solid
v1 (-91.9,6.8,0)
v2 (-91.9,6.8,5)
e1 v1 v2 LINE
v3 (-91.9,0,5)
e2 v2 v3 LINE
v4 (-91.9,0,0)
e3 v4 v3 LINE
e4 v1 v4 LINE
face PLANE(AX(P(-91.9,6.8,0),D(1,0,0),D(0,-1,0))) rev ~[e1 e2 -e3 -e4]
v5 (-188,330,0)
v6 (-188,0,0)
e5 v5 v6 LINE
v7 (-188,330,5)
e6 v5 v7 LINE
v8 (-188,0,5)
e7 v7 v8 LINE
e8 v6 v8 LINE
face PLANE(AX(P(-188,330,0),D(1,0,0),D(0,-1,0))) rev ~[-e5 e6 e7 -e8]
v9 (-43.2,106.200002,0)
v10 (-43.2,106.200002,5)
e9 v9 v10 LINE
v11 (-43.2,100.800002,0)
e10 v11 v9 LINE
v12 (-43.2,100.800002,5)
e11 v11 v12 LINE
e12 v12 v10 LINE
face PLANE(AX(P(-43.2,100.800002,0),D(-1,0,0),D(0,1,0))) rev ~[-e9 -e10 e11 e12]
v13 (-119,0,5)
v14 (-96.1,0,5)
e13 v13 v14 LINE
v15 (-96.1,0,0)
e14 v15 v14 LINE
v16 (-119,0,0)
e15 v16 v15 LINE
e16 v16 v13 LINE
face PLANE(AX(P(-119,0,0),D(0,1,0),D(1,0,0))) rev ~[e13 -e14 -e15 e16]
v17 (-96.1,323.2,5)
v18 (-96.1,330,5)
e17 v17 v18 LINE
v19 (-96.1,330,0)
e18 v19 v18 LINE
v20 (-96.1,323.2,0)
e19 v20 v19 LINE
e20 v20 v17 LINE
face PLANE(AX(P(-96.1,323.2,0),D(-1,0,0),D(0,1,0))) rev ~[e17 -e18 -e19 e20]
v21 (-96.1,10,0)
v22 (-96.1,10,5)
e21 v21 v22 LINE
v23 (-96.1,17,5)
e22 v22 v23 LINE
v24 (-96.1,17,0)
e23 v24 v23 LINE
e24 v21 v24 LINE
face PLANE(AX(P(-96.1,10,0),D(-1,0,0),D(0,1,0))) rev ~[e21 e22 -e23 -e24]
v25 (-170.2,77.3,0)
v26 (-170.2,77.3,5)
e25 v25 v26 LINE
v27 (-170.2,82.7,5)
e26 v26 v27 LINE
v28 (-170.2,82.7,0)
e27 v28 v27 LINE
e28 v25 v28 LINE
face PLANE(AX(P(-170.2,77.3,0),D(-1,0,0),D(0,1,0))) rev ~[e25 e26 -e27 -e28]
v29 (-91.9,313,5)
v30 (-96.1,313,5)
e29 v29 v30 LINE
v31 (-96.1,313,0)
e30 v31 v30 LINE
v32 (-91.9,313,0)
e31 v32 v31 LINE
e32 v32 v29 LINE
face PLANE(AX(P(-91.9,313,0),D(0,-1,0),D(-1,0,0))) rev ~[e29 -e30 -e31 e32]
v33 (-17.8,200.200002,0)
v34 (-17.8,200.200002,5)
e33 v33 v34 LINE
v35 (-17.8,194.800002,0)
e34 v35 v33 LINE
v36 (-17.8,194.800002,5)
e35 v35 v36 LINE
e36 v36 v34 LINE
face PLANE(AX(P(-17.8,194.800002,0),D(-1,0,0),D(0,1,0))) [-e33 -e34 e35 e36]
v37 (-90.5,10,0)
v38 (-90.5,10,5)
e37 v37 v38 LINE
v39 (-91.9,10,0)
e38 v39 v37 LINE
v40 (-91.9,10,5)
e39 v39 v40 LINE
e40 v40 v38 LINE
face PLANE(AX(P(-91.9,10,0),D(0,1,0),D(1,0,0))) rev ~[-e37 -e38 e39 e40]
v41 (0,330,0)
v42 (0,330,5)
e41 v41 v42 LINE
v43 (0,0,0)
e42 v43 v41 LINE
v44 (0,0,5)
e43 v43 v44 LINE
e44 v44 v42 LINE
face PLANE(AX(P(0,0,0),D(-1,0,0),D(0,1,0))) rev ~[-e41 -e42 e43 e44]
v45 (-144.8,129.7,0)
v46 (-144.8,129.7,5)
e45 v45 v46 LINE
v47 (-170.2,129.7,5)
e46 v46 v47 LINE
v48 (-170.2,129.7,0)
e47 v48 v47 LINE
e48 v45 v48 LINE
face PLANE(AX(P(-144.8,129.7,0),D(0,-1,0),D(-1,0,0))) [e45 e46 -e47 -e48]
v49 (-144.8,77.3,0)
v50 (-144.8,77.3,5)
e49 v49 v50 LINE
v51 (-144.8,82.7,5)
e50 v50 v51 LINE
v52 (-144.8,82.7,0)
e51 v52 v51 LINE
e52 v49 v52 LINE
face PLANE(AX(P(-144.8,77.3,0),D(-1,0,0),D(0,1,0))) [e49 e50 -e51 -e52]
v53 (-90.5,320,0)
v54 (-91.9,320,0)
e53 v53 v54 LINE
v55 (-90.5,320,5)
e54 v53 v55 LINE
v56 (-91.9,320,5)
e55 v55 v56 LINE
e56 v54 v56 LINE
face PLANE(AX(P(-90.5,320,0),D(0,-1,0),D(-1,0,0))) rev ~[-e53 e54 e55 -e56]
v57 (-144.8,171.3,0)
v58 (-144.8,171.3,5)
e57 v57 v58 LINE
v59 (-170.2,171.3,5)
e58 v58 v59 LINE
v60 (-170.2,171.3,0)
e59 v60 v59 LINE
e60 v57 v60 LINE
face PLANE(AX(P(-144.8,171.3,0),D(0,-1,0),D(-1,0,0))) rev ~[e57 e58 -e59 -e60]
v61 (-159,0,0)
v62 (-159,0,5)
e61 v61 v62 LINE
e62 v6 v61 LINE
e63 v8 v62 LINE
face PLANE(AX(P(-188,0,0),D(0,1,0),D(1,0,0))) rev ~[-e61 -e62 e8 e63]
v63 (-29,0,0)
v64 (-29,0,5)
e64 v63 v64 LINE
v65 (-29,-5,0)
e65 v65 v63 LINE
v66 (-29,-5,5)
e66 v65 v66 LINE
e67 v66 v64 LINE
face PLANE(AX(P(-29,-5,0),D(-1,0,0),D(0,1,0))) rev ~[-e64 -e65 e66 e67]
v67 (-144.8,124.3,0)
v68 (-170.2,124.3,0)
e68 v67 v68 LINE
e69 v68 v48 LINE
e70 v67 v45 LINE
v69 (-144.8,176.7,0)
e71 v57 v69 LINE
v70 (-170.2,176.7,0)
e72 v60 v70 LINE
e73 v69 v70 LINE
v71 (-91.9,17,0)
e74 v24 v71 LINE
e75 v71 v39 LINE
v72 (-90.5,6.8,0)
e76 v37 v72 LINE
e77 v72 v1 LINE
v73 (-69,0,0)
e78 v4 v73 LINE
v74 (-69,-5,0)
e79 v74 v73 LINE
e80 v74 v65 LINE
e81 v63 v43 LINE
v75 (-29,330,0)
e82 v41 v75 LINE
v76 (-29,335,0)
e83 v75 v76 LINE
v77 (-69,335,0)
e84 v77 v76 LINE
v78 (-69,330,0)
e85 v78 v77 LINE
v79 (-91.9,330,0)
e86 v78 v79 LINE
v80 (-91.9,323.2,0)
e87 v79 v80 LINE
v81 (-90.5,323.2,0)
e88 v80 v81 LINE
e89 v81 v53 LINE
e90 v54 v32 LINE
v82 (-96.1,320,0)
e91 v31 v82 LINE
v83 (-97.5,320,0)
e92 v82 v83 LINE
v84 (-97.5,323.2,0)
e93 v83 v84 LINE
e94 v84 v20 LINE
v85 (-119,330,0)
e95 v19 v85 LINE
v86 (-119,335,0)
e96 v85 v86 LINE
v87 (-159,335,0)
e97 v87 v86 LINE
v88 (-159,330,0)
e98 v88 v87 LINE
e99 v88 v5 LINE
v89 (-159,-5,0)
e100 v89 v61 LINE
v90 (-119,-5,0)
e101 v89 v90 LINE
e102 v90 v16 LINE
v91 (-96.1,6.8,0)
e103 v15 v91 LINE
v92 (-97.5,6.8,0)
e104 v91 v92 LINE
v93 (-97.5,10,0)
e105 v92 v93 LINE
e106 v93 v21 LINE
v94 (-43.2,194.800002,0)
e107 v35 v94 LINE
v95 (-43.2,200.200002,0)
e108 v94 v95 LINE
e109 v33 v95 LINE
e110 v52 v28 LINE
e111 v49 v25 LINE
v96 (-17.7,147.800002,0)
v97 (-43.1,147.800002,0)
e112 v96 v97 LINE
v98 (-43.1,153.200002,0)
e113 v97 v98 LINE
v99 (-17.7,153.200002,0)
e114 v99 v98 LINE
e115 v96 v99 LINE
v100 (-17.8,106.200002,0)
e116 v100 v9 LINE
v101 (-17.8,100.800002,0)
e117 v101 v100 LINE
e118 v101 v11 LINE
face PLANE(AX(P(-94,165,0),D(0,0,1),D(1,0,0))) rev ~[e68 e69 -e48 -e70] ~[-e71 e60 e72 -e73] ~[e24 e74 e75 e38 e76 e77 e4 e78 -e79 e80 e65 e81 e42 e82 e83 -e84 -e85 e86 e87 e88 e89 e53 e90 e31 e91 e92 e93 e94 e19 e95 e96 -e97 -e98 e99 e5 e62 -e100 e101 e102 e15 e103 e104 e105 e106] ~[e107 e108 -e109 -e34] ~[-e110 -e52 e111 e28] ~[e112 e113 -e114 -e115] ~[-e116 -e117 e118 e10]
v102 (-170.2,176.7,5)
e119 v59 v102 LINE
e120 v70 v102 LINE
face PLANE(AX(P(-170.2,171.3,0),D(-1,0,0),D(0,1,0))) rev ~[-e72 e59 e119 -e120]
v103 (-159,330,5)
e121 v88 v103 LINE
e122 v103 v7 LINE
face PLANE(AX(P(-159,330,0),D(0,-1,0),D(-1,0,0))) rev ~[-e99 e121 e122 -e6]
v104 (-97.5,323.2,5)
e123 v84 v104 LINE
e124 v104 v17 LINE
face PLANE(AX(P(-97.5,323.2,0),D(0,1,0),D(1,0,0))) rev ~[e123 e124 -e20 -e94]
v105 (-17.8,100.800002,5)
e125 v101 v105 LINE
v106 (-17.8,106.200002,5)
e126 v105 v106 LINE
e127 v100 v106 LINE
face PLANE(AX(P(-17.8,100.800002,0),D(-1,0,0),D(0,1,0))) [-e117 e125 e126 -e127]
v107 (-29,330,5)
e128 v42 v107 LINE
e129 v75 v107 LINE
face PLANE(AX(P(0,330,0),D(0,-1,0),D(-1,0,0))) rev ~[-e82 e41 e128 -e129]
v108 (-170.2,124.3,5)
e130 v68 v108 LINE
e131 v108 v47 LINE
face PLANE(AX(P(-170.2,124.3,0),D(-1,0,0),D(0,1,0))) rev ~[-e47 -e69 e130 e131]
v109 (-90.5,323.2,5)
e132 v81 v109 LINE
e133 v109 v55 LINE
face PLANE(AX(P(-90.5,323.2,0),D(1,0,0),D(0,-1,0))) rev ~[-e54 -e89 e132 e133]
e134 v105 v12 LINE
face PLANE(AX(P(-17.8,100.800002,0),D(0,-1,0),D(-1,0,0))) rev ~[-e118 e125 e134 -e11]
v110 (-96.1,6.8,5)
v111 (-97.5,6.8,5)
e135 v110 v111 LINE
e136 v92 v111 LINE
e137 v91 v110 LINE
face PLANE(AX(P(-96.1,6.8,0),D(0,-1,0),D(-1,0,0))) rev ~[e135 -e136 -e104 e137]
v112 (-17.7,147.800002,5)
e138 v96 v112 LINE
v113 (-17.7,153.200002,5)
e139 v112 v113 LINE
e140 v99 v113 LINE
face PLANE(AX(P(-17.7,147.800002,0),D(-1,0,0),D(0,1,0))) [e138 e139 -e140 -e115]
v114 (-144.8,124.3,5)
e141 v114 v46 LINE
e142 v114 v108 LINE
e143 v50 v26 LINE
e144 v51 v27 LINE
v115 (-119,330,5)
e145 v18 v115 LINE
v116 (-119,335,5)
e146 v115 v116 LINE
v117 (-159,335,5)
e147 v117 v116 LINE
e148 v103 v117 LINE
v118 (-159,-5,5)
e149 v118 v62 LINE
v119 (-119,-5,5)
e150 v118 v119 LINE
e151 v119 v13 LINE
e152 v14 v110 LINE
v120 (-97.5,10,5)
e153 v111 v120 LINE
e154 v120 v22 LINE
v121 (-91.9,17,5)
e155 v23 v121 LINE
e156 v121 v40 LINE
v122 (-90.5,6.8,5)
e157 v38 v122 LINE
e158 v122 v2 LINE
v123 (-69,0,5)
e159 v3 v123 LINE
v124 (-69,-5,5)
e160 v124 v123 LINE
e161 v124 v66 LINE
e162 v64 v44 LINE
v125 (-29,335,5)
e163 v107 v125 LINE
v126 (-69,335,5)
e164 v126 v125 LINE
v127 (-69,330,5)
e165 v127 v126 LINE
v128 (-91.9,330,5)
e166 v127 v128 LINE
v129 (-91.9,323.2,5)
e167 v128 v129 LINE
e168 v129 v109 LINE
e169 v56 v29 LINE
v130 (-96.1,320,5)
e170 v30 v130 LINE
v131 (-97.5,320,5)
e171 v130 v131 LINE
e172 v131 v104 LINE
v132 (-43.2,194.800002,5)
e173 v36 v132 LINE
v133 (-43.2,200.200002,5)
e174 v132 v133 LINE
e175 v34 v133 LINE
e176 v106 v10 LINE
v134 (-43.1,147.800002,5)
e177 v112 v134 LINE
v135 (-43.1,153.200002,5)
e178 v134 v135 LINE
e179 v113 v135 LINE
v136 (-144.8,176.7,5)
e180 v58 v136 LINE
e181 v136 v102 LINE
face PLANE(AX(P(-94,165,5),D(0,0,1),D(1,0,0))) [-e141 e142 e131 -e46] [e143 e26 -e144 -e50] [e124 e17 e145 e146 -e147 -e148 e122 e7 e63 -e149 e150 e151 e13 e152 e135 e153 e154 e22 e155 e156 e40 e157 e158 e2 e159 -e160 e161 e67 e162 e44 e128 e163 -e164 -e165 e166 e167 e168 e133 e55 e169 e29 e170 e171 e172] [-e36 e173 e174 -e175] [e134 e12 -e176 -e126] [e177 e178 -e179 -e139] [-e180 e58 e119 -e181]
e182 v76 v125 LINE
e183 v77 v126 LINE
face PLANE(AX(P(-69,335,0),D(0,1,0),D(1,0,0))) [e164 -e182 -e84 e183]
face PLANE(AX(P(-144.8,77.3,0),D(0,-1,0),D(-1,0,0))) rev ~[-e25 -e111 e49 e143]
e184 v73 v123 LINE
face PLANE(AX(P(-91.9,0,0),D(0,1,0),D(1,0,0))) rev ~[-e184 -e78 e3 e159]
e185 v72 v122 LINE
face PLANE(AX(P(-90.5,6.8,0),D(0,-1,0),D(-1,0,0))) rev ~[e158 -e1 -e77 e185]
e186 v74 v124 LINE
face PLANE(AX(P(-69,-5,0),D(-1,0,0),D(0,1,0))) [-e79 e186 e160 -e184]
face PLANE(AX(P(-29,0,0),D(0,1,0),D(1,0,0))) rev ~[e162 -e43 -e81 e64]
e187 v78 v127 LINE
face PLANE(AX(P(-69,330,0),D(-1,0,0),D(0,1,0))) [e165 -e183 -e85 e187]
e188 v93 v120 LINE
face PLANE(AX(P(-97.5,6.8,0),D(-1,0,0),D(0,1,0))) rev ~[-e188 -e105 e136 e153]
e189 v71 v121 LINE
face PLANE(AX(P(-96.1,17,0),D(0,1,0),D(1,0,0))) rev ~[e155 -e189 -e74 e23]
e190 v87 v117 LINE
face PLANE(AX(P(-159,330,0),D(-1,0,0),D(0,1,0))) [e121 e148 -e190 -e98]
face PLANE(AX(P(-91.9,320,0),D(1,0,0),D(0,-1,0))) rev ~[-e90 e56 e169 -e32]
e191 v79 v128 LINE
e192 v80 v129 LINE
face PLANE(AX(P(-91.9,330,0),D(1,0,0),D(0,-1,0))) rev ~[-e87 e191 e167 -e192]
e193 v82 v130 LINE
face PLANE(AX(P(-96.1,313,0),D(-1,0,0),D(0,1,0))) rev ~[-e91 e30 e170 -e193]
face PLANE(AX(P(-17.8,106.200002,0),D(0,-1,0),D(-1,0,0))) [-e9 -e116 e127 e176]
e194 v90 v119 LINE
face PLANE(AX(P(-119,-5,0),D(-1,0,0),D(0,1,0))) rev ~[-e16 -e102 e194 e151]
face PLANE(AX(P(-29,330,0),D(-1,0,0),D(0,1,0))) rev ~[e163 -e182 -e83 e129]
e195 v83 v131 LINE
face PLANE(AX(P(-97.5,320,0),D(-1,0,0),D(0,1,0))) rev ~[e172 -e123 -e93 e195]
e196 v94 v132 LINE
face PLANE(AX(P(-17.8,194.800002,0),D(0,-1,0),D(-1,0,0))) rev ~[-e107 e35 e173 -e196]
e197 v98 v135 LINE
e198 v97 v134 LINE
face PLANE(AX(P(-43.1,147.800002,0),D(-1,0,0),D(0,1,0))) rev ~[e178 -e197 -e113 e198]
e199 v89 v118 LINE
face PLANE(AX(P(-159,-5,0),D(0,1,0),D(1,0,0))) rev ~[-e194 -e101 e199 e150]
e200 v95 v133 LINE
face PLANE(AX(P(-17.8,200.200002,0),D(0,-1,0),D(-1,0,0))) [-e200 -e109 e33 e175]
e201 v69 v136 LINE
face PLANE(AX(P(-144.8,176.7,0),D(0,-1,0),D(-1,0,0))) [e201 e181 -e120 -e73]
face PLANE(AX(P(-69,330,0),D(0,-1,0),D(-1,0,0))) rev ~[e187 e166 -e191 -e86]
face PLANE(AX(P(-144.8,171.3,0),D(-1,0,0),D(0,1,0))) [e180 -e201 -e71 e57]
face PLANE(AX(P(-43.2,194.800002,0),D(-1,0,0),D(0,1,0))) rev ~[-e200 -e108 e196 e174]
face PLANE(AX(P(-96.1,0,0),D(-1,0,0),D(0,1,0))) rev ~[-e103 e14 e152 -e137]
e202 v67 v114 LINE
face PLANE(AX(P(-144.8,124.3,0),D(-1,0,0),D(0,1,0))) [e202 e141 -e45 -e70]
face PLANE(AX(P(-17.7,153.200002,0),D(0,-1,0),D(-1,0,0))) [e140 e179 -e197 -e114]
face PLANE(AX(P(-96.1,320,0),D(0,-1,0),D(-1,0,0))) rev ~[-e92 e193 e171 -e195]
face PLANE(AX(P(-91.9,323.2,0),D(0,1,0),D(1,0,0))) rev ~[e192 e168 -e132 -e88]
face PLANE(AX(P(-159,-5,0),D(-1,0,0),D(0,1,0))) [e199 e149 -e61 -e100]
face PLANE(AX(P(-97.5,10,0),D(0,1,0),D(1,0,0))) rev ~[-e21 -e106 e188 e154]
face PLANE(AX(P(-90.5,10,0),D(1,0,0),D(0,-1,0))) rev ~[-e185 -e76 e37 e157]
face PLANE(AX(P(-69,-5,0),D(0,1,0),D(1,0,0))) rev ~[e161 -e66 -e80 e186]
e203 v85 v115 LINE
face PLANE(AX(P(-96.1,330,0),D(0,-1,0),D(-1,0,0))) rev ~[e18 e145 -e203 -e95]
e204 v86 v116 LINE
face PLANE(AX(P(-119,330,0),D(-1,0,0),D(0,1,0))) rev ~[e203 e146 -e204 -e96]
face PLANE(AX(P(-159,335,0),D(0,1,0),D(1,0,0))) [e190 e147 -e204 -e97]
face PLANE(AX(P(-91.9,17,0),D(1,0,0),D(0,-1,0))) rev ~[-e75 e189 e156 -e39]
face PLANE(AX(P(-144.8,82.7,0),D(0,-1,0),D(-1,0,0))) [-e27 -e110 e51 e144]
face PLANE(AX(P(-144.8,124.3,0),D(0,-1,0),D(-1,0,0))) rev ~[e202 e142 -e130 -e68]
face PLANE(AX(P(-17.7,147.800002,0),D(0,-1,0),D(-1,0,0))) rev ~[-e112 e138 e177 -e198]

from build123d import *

# Parameters (mm, degrees)
SKETCH1_W           = 40
SKETCH1_H           = 5
BOSS_EXTRUDE2_DEPTH = 5
SKETCH2_W           = 25.4
SKETCH2_H           = 5.4
CUT_EXTRUDE1_DEPTH  = 5


with BuildPart() as part:
    # Sketch1 → Boss-Extrude2 (new body)
    with BuildSketch(Plane.XY):
        Polygon((-159, 330), (-188, 330), (-188, 0), (-159, 0), (-119, 0), (-96.1, 0), (-96.1, 6.8), (-97.5, 6.8), (-97.5, 10), (-96.1, 10), (-96.1, 17), (-91.9, 17), (-91.9, 10), (-90.5, 10), (-90.5, 6.8), (-91.9, 6.8), (-91.9, 0), (-69, 0), (-29, 0), (0, 0), (0, 330), (-29, 330), (-69, 330), (-91.9, 330), (-91.9, 323.2), (-90.5, 323.2), (-90.5, 320), (-91.9, 320), (-91.9, 313), (-96.1, 313), (-96.1, 320), (-97.5, 320), (-97.5, 323.2), (-96.1, 323.2), (-96.1, 330), (-119, 330), align=None)
        with Locations((-49, 332.5)):
            Rectangle(SKETCH1_W, SKETCH1_H)
        with Locations((-139, 332.5)):
            Rectangle(SKETCH1_W, SKETCH1_H)
        with Locations((-49, -2.5)):
            Rectangle(SKETCH1_W, SKETCH1_H)
        with Locations((-139, -2.5)):
            Rectangle(SKETCH1_W, SKETCH1_H)
    extrude(amount=BOSS_EXTRUDE2_DEPTH)

    # Sketch2 → Cut-Extrude1 (cut)
    with BuildSketch(Plane(origin=(0, 0, 0), x_dir=(-1, 0, 0), z_dir=(0, 0, -1))):
        with Locations((30.5, 197.500001815)):
            Rectangle(SKETCH2_W, SKETCH2_H)
        with Locations((157.5, 174.000000001)):
            Rectangle(SKETCH2_W, SKETCH2_H)
        with Locations((30.4, 150.500001815)):
            Rectangle(SKETCH2_W, SKETCH2_H)
        with Locations((157.5, 127)):
            Rectangle(SKETCH2_W, SKETCH2_H)
        with Locations((30.5, 103.500001815)):
            Rectangle(SKETCH2_W, SKETCH2_H)
        with Locations((157.5, 80)):
            Rectangle(SKETCH2_W, SKETCH2_H)
    extrude(amount=-CUT_EXTRUDE1_DEPTH, mode=Mode.SUBTRACT)


solid = part.part
